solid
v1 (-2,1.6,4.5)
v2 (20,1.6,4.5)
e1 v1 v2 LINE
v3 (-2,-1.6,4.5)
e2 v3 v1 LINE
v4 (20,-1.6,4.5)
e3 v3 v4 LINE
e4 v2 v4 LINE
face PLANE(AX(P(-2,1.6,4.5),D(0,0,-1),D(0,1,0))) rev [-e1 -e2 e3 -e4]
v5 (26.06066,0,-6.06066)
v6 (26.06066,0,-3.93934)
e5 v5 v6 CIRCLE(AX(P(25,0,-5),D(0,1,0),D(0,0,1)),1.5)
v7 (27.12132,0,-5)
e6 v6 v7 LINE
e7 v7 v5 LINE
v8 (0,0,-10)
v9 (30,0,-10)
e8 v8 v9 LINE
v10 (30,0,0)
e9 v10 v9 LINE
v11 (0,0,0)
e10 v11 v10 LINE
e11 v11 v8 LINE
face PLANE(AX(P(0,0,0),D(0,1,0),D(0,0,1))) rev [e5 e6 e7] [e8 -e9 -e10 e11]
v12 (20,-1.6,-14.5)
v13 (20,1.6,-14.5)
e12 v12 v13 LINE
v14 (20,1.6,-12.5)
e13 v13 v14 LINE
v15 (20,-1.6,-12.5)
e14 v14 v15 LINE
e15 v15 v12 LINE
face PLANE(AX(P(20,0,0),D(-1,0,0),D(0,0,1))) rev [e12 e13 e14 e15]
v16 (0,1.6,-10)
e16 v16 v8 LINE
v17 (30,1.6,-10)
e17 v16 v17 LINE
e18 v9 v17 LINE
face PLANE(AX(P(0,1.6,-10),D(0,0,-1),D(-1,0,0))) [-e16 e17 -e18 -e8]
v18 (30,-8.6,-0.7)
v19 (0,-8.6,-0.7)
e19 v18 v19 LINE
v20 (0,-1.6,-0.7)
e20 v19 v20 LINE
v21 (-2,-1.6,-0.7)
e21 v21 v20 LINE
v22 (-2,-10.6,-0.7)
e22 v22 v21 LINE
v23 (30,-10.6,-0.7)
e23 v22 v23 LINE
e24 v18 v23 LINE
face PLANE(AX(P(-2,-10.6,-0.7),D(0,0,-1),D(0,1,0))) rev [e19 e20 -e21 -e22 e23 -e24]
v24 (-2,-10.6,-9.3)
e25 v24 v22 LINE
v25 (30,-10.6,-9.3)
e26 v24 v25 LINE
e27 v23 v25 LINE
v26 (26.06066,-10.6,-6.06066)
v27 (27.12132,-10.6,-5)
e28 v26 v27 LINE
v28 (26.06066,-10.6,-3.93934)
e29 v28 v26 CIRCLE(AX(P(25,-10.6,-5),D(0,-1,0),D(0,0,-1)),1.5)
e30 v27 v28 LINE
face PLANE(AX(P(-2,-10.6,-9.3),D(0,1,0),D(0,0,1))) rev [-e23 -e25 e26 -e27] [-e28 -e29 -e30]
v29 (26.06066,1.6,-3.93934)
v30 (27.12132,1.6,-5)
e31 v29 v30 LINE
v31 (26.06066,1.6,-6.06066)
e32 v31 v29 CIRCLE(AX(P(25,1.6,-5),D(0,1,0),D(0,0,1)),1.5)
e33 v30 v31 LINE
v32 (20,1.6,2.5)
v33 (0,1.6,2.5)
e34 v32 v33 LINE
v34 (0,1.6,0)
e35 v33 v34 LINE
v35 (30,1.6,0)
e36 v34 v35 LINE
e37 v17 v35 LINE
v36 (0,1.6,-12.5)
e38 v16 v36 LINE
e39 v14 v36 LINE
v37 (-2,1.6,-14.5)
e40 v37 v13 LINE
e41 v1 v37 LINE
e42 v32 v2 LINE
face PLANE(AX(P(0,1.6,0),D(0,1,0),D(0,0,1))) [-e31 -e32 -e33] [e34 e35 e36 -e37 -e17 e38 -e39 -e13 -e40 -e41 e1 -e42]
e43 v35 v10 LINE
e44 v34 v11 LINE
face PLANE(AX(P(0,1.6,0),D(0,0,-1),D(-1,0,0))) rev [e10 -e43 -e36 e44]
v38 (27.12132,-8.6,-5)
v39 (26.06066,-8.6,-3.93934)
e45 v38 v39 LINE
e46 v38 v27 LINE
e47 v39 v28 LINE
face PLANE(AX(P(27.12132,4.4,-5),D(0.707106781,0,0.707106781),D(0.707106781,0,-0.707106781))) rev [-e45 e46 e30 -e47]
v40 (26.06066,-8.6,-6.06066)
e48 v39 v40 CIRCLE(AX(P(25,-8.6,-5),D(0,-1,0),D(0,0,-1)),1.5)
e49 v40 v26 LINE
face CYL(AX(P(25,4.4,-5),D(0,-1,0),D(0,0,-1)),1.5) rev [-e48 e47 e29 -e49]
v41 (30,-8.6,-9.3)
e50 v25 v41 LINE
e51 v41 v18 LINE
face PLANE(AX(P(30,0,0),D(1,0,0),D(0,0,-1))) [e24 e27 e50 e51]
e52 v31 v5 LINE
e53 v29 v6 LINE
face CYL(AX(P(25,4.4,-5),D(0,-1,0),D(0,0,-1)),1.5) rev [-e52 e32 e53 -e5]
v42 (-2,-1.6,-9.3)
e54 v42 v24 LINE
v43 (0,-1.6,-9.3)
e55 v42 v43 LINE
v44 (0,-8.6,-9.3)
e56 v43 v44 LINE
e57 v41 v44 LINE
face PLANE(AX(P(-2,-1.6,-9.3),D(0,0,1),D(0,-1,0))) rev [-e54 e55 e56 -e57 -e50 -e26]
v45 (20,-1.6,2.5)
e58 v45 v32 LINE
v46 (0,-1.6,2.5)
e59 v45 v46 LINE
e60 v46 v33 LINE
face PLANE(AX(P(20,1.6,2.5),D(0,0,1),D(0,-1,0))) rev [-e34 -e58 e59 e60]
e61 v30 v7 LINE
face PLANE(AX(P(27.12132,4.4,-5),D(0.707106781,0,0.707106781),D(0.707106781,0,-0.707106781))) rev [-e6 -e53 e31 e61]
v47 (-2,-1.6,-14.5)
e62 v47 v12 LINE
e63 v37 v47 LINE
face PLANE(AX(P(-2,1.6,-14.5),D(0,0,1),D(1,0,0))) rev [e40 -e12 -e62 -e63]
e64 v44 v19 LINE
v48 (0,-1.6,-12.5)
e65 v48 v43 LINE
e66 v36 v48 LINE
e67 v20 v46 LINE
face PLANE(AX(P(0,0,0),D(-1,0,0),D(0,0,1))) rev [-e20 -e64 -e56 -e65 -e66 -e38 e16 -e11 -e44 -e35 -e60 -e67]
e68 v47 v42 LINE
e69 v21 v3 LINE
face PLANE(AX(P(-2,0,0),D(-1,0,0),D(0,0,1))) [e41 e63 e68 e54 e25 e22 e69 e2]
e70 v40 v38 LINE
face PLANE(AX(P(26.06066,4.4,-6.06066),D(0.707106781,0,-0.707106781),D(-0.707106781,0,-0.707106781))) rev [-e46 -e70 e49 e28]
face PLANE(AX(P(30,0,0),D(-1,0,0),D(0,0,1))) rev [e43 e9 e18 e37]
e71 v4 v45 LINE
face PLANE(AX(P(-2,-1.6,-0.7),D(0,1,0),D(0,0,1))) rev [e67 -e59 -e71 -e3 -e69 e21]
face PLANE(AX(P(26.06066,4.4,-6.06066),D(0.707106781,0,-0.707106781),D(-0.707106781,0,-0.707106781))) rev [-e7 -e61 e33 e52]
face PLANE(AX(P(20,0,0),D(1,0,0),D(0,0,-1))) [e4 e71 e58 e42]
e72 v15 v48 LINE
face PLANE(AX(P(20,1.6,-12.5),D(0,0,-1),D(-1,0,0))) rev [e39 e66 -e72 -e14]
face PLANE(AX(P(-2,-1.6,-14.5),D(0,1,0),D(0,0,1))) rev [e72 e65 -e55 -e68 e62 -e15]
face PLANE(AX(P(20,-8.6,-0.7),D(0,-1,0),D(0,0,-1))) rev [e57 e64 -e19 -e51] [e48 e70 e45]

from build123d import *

# Parameters (mm, degrees)
SKETCH_1_W          = 20
SKETCH_1_H          = 10
EXTRUDE_1_DEPTH     = 1.6
EXTRUDE_2_DEPTH     = 2
SKETCH_3_W          = 2
SKETCH_3_H          = 3.2
SKETCH_3_W_2        = 8.6
SKETCH_3_H_2        = 2
EXTRUDE_3_DEPTH     = 20
SKETCH_4_W          = 8.6
SKETCH_4_H          = 2
SKETCH_4_W_2        = 10
SKETCH_4_H_2        = 1.6
EXTRUDE_4_DEPTH     = 10
CUT_EXTRUDE_3_DEPTH = 15


with BuildPart() as part:
    # Эскиз1 → Бобышка-Вытянуть1 (new body)
    with BuildSketch(Plane(origin=(0, 0, 0), x_dir=(1, 0, 0), z_dir=(0, 1, 0))):
        with Locations((10, 5)):
            Rectangle(SKETCH_1_W, SKETCH_1_H)
    extrude(amount=EXTRUDE_1_DEPTH)

    # Эскиз2 → Бобышка-Вытянуть2 (add)
    with BuildSketch(Plane.ZY):
        Polygon((-14.5, 1.6), (4.5, 1.6), (4.5, -1.6), (-0.7, -1.6), (-0.7, -10.6), (-9.3, -10.6), (-9.3, -1.6), (-14.5, -1.6), align=None)
    extrude(amount=EXTRUDE_2_DEPTH)

    # Эскиз3 → Бобышка-Вытянуть3 (add)
    with BuildSketch(Plane(origin=(0, 0, 0), x_dir=(0, 0, -1), z_dir=(1, 0, 0))):
        with Locations((-3.5, 0)):
            Rectangle(SKETCH_3_W, SKETCH_3_H)
        with Locations((13.5, 0)):
            Rectangle(SKETCH_3_W, SKETCH_3_H)
        with Locations((5, -9.6)):
            Rectangle(SKETCH_3_W_2, SKETCH_3_H_2)
    extrude(amount=EXTRUDE_3_DEPTH)

    # Эскиз4 → Бобышка-Вытянуть4 (add)
    with BuildSketch(Plane(origin=(20, 0, 0), x_dir=(0, 0, -1), z_dir=(1, 0, 0))):
        with Locations((5, -9.6)):
            Rectangle(SKETCH_4_W, SKETCH_4_H)
        with Locations((5, 0.8)):
            Rectangle(SKETCH_4_W_2, SKETCH_4_H_2)
    extrude(amount=EXTRUDE_4_DEPTH)

    # Эскиз5 → Вырез-Вытянуть3 (cut)
    with BuildSketch(Plane.XZ.offset(10.6)):
        with BuildLine():
            Line((26.060660172, -6.060660172), (27.121320344, -5))
            Line((27.121320344, -5), (26.060660172, -3.939339828))
            ThreePointArc((26.060660172, -3.939339828), (23.5, -5), (26.060660172, -6.060660172))
        make_face()
    extrude(amount=-CUT_EXTRUDE_3_DEPTH, mode=Mode.SUBTRACT)


solid = part.part
